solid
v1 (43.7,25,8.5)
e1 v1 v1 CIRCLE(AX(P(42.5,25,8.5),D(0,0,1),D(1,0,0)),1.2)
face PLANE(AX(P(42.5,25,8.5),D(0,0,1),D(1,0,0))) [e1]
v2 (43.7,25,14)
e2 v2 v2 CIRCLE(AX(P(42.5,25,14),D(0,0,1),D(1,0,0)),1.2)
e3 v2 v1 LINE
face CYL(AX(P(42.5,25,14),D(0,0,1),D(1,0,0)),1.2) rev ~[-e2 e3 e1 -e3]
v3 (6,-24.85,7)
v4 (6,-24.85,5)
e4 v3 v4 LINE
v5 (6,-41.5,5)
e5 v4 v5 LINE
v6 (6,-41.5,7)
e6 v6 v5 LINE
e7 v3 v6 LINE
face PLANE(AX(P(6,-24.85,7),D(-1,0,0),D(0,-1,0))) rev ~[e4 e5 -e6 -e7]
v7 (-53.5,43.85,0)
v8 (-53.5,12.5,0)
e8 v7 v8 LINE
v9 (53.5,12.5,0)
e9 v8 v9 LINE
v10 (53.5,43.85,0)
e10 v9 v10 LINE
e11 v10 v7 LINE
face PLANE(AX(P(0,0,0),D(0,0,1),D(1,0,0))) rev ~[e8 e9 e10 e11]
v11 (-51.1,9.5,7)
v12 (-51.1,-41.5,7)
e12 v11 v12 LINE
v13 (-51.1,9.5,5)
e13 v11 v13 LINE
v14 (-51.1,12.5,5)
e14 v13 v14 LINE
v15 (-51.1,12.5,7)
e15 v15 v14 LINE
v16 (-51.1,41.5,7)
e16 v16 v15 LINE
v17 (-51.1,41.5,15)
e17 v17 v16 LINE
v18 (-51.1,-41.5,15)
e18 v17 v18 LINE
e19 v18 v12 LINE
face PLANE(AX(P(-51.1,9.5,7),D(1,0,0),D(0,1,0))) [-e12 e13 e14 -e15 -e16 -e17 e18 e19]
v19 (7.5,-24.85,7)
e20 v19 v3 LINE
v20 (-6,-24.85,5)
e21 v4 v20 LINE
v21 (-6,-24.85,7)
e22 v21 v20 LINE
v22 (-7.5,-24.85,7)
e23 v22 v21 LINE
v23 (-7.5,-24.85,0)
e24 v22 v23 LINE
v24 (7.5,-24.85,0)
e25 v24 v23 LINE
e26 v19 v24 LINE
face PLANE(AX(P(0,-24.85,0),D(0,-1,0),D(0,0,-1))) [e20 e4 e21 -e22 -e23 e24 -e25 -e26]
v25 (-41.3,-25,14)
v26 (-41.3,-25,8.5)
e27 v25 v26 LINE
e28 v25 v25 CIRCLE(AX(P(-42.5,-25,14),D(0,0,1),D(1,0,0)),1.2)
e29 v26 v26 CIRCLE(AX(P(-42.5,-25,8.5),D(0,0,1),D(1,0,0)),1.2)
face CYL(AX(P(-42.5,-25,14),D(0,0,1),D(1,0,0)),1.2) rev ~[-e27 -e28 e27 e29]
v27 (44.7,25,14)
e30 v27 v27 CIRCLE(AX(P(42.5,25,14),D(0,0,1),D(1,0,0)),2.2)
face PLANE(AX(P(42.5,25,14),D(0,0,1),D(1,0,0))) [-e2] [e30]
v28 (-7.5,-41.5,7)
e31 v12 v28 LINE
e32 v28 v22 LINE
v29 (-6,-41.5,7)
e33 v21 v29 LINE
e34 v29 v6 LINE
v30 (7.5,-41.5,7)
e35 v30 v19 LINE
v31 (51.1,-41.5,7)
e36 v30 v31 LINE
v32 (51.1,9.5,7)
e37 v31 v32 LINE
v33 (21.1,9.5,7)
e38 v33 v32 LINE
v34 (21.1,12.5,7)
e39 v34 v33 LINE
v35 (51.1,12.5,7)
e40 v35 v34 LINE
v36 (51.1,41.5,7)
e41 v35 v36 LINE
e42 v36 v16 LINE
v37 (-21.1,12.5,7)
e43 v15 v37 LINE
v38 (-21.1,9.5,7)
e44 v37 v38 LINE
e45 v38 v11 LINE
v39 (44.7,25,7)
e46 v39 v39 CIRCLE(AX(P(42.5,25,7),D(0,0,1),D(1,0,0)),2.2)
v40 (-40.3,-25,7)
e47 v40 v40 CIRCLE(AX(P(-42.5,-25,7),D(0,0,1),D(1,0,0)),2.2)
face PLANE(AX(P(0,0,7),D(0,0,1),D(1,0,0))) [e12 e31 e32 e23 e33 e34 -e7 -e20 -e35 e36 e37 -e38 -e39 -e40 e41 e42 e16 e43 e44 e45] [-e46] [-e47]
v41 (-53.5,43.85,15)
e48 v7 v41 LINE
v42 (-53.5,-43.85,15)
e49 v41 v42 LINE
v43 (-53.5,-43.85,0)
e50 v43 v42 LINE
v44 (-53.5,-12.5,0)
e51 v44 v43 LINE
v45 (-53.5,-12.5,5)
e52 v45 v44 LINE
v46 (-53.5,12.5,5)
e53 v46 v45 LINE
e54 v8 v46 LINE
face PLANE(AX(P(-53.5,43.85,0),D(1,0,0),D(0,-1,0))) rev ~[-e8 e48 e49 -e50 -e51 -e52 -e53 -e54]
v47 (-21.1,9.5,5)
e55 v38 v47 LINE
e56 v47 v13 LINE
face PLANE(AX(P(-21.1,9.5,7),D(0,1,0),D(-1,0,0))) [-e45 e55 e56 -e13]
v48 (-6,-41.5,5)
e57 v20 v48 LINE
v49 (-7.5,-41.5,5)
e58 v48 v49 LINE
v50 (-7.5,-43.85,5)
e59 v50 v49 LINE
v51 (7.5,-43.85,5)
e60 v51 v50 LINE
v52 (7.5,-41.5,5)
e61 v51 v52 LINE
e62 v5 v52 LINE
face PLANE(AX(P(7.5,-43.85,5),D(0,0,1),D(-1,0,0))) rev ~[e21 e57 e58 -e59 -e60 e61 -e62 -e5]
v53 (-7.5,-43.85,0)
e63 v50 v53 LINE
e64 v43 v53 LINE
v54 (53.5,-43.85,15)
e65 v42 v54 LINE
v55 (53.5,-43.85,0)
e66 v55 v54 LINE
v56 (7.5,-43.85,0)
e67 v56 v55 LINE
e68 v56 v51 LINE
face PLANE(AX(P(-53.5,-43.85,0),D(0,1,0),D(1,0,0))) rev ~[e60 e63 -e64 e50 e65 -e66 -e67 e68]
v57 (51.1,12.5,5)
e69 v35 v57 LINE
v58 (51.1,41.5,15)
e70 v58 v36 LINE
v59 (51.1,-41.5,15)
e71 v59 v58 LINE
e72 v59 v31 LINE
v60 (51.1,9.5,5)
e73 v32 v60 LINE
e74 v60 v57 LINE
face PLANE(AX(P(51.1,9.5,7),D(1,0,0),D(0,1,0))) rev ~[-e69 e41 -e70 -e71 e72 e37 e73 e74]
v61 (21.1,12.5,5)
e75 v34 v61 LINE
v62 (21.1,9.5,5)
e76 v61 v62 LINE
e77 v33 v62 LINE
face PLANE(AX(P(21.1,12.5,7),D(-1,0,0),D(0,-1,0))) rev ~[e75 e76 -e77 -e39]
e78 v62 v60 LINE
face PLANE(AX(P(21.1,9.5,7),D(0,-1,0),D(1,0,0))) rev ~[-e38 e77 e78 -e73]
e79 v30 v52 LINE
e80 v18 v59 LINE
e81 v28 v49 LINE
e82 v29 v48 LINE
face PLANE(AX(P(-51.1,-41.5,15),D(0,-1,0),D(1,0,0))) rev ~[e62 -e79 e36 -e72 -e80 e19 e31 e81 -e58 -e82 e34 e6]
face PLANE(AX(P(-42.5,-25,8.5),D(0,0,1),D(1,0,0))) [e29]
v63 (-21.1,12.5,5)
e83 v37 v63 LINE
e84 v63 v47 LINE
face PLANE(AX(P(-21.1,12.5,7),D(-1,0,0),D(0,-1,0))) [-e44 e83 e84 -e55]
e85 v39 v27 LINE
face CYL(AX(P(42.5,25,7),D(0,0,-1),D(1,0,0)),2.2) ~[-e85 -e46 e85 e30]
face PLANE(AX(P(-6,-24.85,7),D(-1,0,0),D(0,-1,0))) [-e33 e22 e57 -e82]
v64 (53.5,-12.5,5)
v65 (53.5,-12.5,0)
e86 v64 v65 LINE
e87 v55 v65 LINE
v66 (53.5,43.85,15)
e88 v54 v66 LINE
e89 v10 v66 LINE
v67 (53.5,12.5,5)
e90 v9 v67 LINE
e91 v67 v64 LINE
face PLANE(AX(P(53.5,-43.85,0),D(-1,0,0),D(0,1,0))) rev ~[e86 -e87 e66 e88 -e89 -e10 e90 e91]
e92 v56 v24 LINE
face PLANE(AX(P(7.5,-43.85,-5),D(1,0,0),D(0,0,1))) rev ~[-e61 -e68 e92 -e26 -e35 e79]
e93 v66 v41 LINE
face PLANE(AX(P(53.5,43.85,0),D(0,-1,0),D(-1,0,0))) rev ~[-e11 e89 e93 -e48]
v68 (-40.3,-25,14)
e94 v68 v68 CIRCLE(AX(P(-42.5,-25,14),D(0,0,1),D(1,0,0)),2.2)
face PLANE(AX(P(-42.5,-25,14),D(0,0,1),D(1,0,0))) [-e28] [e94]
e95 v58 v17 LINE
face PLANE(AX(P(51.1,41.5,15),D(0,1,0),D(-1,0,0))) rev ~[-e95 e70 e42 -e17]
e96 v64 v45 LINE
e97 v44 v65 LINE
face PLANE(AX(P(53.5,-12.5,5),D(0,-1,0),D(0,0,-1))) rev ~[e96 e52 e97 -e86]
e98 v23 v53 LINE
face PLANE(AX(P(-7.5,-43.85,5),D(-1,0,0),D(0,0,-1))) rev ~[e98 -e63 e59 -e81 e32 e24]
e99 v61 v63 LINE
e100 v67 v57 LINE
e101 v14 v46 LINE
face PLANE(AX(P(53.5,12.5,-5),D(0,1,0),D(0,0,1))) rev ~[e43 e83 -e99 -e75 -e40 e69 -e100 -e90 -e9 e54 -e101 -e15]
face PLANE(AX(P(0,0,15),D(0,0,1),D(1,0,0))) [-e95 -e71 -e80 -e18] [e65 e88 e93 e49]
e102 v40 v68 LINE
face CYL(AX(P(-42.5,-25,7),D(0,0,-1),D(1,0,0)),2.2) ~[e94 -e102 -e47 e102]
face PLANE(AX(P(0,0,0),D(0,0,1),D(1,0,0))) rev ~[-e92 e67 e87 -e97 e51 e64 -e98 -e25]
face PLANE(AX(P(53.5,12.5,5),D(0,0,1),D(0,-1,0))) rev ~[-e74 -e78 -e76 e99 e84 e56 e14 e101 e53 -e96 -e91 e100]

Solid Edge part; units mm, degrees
sketch "Sketch1" plane through (0, 0, 0) normal (0, 0, 1) x (1, 0, 0)
  line L0 (53.5, -43.85) -> (53.5, 43.85)
  line L1 (53.5, 43.85) -> (-53.5, 43.85)
  line L2 (-53.5, 43.85) -> (-53.5, -43.85)
  line L3 (-53.5, -43.85) -> (53.5, -43.85)
extrude "Protrusion1" add sketch "Sketch1" along normal blind 15
sketch "Sketch2" plane through (0, -43.85, 7.5) normal (0, -1, 0) x (1, 0, 0)
  line L0 (7.5, -2.5) -> (-7.5, -2.5)
  line L1 (-7.5, -2.5) -> (-7.5, -12.5)
  line L2 (-7.5, -12.5) -> (7.5, -12.5)
  line L3 (7.5, -12.5) -> (7.5, -2.5)
extrude "Corte_1" cut sketch "Sketch2" against normal blind 19
sketch "Sketch3" plane through (53.5, 0, 7.5) normal (1, 0, 0) x (0, 1, 0)
  line L0 (12.5, -2.5) -> (-12.5, -2.5)
  line L1 (-12.5, -2.5) -> (-12.5, -12.5)
  line L2 (-12.5, -12.5) -> (12.5, -12.5)
  line L3 (12.5, -12.5) -> (12.5, -2.5)
extrude "Corte_2" cut sketch "Sketch3" against normal blind 125.4573
sketch "Sketch4" plane through (0, 0, 15) normal (0, 0, 1) x (1, 0, 0)
  line L0 (51.1, -41.5) -> (51.1, 41.5)
  line L1 (51.1, 41.5) -> (-51.1, 41.5)
  line L2 (-51.1, 41.5) -> (-51.1, -41.5)
  line L3 (-51.1, -41.5) -> (51.1, -41.5)
extrude "Corte_3" cut sketch "Sketch4" against normal blind 8
sketch "Sketch5" plane through (0, 0, 7) normal (0, 0, 1) x (1, 0, 0)
  circle A0 centre (-42.5, -25) radius 2.2
  circle A1 centre (42.5, 25) radius 2.2
  dimension "D1" = 4.4
  dimension "D2" = 25
  dimension "D3" = 42.5
  dimension "D4" = 42.5
  dimension "D5" = 25
extrude "ProtrusiónExtruida_2" add sketch "Sketch5" along normal blind 7
sketch "Sketch6" plane through (0, 0, 7) normal (0, 0, 1) x (1, 0, 0)
  line L0 (7.5, -41.5) -> (7.5, -24.85)
  line L1 (7.5, -24.85) -> (6, -24.85)
  line L2 (6, -24.85) -> (6, -41.5)
  line L3 (6, -41.5) -> (7.5, -41.5)
  line L4 (-6, -24.85) -> (-6, -41.5)
  line L5 (-6, -41.5) -> (-7.5, -41.5)
  line L6 (-7.5, -41.5) -> (-7.5, -24.85)
  line L7 (-7.5, -24.85) -> (-6, -24.85)
  dimension "D1" = 1.5
  dimension "D2" = 1.5
extrude "Corte_4" cut sketch "Sketch6" against normal blind 21
sketch "Sketch7" plane through (0, 0, 7) normal (0, 0, 1) x (1, 0, 0)
  line L0 (-51.1, 12.5) -> (-21.1, 12.5)
  line L1 (-21.1, 12.5) -> (-21.1, 9.5)
  line L2 (-21.1, 9.5) -> (-51.1, 9.5)
  line L3 (-51.1, 9.5) -> (-51.1, 12.5)
  line L4 (51.1, 12.5) -> (21.1, 12.5)
  line L5 (21.1, 12.5) -> (21.1, 9.5)
  line L6 (21.1, 9.5) -> (51.1, 9.5)
  line L7 (51.1, 9.5) -> (51.1, 12.5)
  dimension "D1" = 30
  dimension "D2" = 30
  dimension "D3" = 3
  dimension "D4" = 3
extrude "Corte_5" cut sketch "Sketch7" against normal blind 84
sketch "Sketch8" plane through (-42.5, -25, 14) normal (0, 0, 1) x (1, 0, 0)
  circle A0 centre (0, 0) radius 1.2
  circle A1 centre (85, 50) radius 1.2
  dimension "D1" = 2.4
  dimension "D2" = 2.4
extrude "Corte_6" cut sketch "Sketch8" against normal blind 5.5
properties part number "Natanael Alc" material "PVC"
